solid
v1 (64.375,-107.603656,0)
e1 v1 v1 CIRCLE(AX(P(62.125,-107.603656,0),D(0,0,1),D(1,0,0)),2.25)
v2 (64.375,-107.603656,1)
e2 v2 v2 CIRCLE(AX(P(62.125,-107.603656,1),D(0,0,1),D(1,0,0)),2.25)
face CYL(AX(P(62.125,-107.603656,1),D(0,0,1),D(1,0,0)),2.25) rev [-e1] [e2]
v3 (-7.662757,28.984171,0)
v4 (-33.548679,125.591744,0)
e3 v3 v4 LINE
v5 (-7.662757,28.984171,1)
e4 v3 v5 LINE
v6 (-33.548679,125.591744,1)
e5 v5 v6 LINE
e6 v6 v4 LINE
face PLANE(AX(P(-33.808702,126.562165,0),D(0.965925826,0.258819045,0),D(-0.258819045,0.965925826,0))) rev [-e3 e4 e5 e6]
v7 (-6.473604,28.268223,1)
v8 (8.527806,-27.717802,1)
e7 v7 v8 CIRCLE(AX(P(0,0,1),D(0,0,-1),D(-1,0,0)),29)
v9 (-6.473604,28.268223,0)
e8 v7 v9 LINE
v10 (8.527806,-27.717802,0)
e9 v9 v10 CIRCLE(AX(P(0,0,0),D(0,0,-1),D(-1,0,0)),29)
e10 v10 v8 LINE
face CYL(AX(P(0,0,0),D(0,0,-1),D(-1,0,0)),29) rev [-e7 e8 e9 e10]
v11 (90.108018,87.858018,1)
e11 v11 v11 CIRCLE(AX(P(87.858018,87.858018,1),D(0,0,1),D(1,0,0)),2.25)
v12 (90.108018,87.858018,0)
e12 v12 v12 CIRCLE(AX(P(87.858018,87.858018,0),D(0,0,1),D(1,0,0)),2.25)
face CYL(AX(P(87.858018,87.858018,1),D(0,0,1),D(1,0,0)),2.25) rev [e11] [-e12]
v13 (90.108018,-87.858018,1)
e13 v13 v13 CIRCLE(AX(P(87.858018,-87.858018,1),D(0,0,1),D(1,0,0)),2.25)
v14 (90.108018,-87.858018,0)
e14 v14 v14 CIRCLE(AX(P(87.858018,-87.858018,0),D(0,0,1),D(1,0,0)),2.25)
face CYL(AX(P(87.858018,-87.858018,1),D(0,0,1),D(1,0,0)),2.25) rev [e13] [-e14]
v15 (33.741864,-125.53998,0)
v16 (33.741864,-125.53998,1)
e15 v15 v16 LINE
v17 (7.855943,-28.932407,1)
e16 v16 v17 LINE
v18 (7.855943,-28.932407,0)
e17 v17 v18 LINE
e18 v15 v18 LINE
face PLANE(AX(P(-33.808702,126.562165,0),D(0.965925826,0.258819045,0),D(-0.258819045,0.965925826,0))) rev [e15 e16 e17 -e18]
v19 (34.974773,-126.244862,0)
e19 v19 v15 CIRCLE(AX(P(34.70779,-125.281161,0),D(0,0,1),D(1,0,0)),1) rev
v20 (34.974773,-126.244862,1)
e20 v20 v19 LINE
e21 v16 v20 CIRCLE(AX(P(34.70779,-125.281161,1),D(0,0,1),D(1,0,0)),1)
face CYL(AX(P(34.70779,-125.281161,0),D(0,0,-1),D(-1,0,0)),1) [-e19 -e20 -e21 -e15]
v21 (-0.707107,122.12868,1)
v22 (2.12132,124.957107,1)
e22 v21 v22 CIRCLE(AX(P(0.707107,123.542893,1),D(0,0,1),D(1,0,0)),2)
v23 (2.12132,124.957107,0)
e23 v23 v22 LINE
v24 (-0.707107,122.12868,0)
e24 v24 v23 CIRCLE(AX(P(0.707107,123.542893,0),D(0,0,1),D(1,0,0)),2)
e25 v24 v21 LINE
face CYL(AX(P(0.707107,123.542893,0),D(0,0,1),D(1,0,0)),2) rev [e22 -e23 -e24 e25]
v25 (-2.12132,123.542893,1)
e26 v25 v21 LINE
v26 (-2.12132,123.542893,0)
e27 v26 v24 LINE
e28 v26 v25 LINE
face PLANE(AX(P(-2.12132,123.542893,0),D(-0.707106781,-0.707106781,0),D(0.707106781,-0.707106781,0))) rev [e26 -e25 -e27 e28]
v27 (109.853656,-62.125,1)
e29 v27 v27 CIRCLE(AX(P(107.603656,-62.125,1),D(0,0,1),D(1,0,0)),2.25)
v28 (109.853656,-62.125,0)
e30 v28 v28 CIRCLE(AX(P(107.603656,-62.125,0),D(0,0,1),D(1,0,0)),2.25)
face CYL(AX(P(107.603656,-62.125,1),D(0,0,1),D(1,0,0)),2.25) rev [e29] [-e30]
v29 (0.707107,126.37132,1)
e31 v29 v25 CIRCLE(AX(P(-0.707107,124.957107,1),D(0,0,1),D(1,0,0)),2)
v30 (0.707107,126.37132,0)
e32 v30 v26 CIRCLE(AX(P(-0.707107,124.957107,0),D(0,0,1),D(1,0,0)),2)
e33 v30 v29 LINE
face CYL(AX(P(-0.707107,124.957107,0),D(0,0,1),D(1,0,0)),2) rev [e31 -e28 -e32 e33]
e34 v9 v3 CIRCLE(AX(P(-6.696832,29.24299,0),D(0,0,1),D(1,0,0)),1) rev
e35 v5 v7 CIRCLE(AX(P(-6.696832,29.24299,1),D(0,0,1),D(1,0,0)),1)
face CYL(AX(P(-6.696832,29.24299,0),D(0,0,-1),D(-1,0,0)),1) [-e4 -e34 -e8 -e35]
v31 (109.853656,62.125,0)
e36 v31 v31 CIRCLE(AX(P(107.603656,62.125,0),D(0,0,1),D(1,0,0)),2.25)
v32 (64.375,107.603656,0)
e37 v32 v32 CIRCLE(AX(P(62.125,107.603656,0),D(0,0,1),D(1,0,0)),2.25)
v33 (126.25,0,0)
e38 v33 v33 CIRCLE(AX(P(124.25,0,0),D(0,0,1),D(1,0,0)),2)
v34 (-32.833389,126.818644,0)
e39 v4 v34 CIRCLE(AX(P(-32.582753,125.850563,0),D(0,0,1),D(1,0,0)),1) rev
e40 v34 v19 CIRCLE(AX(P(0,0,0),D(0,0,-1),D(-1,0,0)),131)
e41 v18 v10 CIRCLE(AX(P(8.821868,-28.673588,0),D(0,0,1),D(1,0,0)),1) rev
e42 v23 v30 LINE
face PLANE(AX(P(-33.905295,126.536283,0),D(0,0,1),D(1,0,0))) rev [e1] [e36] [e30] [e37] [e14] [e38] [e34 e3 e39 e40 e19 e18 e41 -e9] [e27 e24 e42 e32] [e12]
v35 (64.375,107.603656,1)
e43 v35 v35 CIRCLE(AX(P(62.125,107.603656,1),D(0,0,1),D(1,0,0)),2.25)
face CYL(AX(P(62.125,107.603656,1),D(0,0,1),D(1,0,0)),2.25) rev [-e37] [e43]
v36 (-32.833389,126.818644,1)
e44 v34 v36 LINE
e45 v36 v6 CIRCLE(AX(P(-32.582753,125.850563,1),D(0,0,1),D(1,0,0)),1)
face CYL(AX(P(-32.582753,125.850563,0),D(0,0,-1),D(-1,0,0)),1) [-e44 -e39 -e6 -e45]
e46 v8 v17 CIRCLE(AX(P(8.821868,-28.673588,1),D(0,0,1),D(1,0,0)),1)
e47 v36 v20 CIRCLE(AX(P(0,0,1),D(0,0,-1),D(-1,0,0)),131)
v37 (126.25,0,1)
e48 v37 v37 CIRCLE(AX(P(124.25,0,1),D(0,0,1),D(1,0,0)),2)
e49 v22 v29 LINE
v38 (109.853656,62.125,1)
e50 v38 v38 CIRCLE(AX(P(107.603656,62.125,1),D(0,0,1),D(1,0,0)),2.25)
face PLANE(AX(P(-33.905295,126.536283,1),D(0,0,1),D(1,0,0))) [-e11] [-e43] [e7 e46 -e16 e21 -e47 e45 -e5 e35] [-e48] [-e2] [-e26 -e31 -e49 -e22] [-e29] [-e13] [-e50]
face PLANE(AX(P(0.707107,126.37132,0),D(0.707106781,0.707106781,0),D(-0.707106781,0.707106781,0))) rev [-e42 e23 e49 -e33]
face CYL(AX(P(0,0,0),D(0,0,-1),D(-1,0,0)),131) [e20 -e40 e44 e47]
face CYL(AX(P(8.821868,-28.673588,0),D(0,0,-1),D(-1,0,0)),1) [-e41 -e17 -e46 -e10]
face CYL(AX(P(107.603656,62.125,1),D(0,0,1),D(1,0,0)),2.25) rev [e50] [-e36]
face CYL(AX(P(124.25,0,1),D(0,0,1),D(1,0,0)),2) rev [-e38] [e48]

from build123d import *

# Parameters (mm, degrees)
SKETCH1_W                     = 1
SKETCH1_H                     = 102
REVOLVE_THIN1_ANGLE           = 15
REVOLVE_THIN1_OTHER_WAY_ANGLE = 165
F_4_5_4_5_DIAMETER_HOLE1_D    = 4.5
CIRPATTERN1_COUNT             = 12
F_4_0_4_DIAMETER_HOLE1_D      = 4
CIRPATTERN2_COUNT             = 4
F_4_5_4_5_DIAMETER_HOLE2_D    = 4.5
CIRPATTERN3_COUNT             = 2
CIRPATTERN3_ANGLE             = 90
CUT_EXTRUDE1_DEPTH            = 2
CUT_EXTRUDE2_DEPTH            = 2
FILLET1_R                     = 1


with BuildPart() as part:
    # Sketch1 → Revolve-Thin1 (revolve)
    with BuildSketch(Plane(origin=(0, 0, 0), x_dir=(0, 0, -1), z_dir=(1, 0, 0))):
        with Locations((-0.5, 80)):
            Rectangle(SKETCH1_W, SKETCH1_H)
    revolve(axis=Axis((0, 0, 0), (0, 0, 1)), revolution_arc=REVOLVE_THIN1_ANGLE)

    # Sketch1 → Revolve-Thin1 other way (revolve)
    with BuildSketch(Plane(origin=(0, 0, 0), x_dir=(0, 0, -1), z_dir=(1, 0, 0))):
        with Locations((-0.5, 80)):
            Rectangle(SKETCH1_W, SKETCH1_H)
    revolve(axis=Axis((0, 0, 0), (0, 0, -1)), revolution_arc=REVOLVE_THIN1_OTHER_WAY_ANGLE)

    # Ø4.5 (4.5) Diameter Hole1 (through all)
    with Locations(Plane.XY.offset(1)):
        with Locations((62.125, 107.60365642)):
            f_4_5_4_5_diameter_hole1 = Hole(F_4_5_4_5_DIAMETER_HOLE1_D / 2)

    # CirPattern1: Ø4.5 (4.5) Diameter Hole1 ×12 about axis, 8 skipped
    cirpattern1_axis = Axis((0, 0, -80.9), (0, 0, 1))
    add([f_4_5_4_5_diameter_hole1.rotate(cirpattern1_axis, i * 360 / CIRPATTERN1_COUNT) for i in range(1, CIRPATTERN1_COUNT) if i not in (1, 2, 3, 4, 5, 6, 7, 10)], mode=Mode.SUBTRACT)

    # Ø4.0 (4) Diameter Hole1 (through all)
    with Locations(Plane.XY.offset(1)):
        with Locations((124.25, 0)):
            f_4_0_4_diameter_hole1 = Hole(F_4_0_4_DIAMETER_HOLE1_D / 2)

    # CirPattern2: Ø4.0 (4) Diameter Hole1 ×4 about axis, 2 skipped
    cirpattern2_axis = Axis((0, 0, -80.9), (0, 0, 1))
    add([f_4_0_4_diameter_hole1.rotate(cirpattern2_axis, i * 360 / CIRPATTERN2_COUNT) for i in range(1, CIRPATTERN2_COUNT) if i not in (2, 3)], mode=Mode.SUBTRACT)

    # Ø4.5 (4.5) Diameter Hole2 (through all)
    with Locations(Plane.XY.offset(1)):
        with Locations((87.858017562, 87.858017562)):
            f_4_5_4_5_diameter_hole2 = Hole(F_4_5_4_5_DIAMETER_HOLE2_D / 2)

    # CirPattern3: Ø4.5 (4.5) Diameter Hole2 ×2 about axis
    cirpattern3_axis = Axis((0, 0, -80.9), (0, 0, -1))
    for i in range(1, CIRPATTERN3_COUNT):
        add(f_4_5_4_5_diameter_hole2.rotate(cirpattern3_axis, i * CIRPATTERN3_ANGLE / (CIRPATTERN3_COUNT - 1)), mode=Mode.SUBTRACT)

    # Sketch12 → Cut-Extrude1 (cut, through all)
    with BuildSketch(Plane.XY.offset(1)):
        with BuildLine():
            Line((0.707106781, 126.371320344), (2.121320344, 124.957106781))
            ThreePointArc((2.121320344, 124.957106781), (2.121320344, 122.128679656), (-0.707106781, 122.128679656))
            Line((-0.707106781, 122.128679656), (-2.121320344, 123.542893219))
            ThreePointArc((-2.121320344, 123.542893219), (-2.121320344, 126.371320344), (0.707106781, 126.371320344))
        make_face()
    extrude(amount=-CUT_EXTRUDE1_DEPTH, mode=Mode.SUBTRACT)

    # Sketch13 → Cut-Extrude2 (cut, through all)
    with BuildSketch(Plane.XY.offset(1)):
        Polygon((-33.905294908, 126.536283244), (33.905294908, -126.536283244), (34.001887491, -126.510401339), (-33.808702326, 126.562165148), align=None)
    extrude(amount=-CUT_EXTRUDE2_DEPTH, mode=Mode.SUBTRACT)

    # Fillet1
    fillet1_edges = [part.edges().sort_by_distance(p)[0] for p in [
        (-7.409115101, 28.037564327, 0.5),
        (7.602300266, -27.985800518, 0.5),
        (34.001877612, -126.510364472, 0.5),
        (-33.808692447, 126.562128281, 0.5),
    ]]
    fillet(fillet1_edges, radius=FILLET1_R)


solid = part.part
